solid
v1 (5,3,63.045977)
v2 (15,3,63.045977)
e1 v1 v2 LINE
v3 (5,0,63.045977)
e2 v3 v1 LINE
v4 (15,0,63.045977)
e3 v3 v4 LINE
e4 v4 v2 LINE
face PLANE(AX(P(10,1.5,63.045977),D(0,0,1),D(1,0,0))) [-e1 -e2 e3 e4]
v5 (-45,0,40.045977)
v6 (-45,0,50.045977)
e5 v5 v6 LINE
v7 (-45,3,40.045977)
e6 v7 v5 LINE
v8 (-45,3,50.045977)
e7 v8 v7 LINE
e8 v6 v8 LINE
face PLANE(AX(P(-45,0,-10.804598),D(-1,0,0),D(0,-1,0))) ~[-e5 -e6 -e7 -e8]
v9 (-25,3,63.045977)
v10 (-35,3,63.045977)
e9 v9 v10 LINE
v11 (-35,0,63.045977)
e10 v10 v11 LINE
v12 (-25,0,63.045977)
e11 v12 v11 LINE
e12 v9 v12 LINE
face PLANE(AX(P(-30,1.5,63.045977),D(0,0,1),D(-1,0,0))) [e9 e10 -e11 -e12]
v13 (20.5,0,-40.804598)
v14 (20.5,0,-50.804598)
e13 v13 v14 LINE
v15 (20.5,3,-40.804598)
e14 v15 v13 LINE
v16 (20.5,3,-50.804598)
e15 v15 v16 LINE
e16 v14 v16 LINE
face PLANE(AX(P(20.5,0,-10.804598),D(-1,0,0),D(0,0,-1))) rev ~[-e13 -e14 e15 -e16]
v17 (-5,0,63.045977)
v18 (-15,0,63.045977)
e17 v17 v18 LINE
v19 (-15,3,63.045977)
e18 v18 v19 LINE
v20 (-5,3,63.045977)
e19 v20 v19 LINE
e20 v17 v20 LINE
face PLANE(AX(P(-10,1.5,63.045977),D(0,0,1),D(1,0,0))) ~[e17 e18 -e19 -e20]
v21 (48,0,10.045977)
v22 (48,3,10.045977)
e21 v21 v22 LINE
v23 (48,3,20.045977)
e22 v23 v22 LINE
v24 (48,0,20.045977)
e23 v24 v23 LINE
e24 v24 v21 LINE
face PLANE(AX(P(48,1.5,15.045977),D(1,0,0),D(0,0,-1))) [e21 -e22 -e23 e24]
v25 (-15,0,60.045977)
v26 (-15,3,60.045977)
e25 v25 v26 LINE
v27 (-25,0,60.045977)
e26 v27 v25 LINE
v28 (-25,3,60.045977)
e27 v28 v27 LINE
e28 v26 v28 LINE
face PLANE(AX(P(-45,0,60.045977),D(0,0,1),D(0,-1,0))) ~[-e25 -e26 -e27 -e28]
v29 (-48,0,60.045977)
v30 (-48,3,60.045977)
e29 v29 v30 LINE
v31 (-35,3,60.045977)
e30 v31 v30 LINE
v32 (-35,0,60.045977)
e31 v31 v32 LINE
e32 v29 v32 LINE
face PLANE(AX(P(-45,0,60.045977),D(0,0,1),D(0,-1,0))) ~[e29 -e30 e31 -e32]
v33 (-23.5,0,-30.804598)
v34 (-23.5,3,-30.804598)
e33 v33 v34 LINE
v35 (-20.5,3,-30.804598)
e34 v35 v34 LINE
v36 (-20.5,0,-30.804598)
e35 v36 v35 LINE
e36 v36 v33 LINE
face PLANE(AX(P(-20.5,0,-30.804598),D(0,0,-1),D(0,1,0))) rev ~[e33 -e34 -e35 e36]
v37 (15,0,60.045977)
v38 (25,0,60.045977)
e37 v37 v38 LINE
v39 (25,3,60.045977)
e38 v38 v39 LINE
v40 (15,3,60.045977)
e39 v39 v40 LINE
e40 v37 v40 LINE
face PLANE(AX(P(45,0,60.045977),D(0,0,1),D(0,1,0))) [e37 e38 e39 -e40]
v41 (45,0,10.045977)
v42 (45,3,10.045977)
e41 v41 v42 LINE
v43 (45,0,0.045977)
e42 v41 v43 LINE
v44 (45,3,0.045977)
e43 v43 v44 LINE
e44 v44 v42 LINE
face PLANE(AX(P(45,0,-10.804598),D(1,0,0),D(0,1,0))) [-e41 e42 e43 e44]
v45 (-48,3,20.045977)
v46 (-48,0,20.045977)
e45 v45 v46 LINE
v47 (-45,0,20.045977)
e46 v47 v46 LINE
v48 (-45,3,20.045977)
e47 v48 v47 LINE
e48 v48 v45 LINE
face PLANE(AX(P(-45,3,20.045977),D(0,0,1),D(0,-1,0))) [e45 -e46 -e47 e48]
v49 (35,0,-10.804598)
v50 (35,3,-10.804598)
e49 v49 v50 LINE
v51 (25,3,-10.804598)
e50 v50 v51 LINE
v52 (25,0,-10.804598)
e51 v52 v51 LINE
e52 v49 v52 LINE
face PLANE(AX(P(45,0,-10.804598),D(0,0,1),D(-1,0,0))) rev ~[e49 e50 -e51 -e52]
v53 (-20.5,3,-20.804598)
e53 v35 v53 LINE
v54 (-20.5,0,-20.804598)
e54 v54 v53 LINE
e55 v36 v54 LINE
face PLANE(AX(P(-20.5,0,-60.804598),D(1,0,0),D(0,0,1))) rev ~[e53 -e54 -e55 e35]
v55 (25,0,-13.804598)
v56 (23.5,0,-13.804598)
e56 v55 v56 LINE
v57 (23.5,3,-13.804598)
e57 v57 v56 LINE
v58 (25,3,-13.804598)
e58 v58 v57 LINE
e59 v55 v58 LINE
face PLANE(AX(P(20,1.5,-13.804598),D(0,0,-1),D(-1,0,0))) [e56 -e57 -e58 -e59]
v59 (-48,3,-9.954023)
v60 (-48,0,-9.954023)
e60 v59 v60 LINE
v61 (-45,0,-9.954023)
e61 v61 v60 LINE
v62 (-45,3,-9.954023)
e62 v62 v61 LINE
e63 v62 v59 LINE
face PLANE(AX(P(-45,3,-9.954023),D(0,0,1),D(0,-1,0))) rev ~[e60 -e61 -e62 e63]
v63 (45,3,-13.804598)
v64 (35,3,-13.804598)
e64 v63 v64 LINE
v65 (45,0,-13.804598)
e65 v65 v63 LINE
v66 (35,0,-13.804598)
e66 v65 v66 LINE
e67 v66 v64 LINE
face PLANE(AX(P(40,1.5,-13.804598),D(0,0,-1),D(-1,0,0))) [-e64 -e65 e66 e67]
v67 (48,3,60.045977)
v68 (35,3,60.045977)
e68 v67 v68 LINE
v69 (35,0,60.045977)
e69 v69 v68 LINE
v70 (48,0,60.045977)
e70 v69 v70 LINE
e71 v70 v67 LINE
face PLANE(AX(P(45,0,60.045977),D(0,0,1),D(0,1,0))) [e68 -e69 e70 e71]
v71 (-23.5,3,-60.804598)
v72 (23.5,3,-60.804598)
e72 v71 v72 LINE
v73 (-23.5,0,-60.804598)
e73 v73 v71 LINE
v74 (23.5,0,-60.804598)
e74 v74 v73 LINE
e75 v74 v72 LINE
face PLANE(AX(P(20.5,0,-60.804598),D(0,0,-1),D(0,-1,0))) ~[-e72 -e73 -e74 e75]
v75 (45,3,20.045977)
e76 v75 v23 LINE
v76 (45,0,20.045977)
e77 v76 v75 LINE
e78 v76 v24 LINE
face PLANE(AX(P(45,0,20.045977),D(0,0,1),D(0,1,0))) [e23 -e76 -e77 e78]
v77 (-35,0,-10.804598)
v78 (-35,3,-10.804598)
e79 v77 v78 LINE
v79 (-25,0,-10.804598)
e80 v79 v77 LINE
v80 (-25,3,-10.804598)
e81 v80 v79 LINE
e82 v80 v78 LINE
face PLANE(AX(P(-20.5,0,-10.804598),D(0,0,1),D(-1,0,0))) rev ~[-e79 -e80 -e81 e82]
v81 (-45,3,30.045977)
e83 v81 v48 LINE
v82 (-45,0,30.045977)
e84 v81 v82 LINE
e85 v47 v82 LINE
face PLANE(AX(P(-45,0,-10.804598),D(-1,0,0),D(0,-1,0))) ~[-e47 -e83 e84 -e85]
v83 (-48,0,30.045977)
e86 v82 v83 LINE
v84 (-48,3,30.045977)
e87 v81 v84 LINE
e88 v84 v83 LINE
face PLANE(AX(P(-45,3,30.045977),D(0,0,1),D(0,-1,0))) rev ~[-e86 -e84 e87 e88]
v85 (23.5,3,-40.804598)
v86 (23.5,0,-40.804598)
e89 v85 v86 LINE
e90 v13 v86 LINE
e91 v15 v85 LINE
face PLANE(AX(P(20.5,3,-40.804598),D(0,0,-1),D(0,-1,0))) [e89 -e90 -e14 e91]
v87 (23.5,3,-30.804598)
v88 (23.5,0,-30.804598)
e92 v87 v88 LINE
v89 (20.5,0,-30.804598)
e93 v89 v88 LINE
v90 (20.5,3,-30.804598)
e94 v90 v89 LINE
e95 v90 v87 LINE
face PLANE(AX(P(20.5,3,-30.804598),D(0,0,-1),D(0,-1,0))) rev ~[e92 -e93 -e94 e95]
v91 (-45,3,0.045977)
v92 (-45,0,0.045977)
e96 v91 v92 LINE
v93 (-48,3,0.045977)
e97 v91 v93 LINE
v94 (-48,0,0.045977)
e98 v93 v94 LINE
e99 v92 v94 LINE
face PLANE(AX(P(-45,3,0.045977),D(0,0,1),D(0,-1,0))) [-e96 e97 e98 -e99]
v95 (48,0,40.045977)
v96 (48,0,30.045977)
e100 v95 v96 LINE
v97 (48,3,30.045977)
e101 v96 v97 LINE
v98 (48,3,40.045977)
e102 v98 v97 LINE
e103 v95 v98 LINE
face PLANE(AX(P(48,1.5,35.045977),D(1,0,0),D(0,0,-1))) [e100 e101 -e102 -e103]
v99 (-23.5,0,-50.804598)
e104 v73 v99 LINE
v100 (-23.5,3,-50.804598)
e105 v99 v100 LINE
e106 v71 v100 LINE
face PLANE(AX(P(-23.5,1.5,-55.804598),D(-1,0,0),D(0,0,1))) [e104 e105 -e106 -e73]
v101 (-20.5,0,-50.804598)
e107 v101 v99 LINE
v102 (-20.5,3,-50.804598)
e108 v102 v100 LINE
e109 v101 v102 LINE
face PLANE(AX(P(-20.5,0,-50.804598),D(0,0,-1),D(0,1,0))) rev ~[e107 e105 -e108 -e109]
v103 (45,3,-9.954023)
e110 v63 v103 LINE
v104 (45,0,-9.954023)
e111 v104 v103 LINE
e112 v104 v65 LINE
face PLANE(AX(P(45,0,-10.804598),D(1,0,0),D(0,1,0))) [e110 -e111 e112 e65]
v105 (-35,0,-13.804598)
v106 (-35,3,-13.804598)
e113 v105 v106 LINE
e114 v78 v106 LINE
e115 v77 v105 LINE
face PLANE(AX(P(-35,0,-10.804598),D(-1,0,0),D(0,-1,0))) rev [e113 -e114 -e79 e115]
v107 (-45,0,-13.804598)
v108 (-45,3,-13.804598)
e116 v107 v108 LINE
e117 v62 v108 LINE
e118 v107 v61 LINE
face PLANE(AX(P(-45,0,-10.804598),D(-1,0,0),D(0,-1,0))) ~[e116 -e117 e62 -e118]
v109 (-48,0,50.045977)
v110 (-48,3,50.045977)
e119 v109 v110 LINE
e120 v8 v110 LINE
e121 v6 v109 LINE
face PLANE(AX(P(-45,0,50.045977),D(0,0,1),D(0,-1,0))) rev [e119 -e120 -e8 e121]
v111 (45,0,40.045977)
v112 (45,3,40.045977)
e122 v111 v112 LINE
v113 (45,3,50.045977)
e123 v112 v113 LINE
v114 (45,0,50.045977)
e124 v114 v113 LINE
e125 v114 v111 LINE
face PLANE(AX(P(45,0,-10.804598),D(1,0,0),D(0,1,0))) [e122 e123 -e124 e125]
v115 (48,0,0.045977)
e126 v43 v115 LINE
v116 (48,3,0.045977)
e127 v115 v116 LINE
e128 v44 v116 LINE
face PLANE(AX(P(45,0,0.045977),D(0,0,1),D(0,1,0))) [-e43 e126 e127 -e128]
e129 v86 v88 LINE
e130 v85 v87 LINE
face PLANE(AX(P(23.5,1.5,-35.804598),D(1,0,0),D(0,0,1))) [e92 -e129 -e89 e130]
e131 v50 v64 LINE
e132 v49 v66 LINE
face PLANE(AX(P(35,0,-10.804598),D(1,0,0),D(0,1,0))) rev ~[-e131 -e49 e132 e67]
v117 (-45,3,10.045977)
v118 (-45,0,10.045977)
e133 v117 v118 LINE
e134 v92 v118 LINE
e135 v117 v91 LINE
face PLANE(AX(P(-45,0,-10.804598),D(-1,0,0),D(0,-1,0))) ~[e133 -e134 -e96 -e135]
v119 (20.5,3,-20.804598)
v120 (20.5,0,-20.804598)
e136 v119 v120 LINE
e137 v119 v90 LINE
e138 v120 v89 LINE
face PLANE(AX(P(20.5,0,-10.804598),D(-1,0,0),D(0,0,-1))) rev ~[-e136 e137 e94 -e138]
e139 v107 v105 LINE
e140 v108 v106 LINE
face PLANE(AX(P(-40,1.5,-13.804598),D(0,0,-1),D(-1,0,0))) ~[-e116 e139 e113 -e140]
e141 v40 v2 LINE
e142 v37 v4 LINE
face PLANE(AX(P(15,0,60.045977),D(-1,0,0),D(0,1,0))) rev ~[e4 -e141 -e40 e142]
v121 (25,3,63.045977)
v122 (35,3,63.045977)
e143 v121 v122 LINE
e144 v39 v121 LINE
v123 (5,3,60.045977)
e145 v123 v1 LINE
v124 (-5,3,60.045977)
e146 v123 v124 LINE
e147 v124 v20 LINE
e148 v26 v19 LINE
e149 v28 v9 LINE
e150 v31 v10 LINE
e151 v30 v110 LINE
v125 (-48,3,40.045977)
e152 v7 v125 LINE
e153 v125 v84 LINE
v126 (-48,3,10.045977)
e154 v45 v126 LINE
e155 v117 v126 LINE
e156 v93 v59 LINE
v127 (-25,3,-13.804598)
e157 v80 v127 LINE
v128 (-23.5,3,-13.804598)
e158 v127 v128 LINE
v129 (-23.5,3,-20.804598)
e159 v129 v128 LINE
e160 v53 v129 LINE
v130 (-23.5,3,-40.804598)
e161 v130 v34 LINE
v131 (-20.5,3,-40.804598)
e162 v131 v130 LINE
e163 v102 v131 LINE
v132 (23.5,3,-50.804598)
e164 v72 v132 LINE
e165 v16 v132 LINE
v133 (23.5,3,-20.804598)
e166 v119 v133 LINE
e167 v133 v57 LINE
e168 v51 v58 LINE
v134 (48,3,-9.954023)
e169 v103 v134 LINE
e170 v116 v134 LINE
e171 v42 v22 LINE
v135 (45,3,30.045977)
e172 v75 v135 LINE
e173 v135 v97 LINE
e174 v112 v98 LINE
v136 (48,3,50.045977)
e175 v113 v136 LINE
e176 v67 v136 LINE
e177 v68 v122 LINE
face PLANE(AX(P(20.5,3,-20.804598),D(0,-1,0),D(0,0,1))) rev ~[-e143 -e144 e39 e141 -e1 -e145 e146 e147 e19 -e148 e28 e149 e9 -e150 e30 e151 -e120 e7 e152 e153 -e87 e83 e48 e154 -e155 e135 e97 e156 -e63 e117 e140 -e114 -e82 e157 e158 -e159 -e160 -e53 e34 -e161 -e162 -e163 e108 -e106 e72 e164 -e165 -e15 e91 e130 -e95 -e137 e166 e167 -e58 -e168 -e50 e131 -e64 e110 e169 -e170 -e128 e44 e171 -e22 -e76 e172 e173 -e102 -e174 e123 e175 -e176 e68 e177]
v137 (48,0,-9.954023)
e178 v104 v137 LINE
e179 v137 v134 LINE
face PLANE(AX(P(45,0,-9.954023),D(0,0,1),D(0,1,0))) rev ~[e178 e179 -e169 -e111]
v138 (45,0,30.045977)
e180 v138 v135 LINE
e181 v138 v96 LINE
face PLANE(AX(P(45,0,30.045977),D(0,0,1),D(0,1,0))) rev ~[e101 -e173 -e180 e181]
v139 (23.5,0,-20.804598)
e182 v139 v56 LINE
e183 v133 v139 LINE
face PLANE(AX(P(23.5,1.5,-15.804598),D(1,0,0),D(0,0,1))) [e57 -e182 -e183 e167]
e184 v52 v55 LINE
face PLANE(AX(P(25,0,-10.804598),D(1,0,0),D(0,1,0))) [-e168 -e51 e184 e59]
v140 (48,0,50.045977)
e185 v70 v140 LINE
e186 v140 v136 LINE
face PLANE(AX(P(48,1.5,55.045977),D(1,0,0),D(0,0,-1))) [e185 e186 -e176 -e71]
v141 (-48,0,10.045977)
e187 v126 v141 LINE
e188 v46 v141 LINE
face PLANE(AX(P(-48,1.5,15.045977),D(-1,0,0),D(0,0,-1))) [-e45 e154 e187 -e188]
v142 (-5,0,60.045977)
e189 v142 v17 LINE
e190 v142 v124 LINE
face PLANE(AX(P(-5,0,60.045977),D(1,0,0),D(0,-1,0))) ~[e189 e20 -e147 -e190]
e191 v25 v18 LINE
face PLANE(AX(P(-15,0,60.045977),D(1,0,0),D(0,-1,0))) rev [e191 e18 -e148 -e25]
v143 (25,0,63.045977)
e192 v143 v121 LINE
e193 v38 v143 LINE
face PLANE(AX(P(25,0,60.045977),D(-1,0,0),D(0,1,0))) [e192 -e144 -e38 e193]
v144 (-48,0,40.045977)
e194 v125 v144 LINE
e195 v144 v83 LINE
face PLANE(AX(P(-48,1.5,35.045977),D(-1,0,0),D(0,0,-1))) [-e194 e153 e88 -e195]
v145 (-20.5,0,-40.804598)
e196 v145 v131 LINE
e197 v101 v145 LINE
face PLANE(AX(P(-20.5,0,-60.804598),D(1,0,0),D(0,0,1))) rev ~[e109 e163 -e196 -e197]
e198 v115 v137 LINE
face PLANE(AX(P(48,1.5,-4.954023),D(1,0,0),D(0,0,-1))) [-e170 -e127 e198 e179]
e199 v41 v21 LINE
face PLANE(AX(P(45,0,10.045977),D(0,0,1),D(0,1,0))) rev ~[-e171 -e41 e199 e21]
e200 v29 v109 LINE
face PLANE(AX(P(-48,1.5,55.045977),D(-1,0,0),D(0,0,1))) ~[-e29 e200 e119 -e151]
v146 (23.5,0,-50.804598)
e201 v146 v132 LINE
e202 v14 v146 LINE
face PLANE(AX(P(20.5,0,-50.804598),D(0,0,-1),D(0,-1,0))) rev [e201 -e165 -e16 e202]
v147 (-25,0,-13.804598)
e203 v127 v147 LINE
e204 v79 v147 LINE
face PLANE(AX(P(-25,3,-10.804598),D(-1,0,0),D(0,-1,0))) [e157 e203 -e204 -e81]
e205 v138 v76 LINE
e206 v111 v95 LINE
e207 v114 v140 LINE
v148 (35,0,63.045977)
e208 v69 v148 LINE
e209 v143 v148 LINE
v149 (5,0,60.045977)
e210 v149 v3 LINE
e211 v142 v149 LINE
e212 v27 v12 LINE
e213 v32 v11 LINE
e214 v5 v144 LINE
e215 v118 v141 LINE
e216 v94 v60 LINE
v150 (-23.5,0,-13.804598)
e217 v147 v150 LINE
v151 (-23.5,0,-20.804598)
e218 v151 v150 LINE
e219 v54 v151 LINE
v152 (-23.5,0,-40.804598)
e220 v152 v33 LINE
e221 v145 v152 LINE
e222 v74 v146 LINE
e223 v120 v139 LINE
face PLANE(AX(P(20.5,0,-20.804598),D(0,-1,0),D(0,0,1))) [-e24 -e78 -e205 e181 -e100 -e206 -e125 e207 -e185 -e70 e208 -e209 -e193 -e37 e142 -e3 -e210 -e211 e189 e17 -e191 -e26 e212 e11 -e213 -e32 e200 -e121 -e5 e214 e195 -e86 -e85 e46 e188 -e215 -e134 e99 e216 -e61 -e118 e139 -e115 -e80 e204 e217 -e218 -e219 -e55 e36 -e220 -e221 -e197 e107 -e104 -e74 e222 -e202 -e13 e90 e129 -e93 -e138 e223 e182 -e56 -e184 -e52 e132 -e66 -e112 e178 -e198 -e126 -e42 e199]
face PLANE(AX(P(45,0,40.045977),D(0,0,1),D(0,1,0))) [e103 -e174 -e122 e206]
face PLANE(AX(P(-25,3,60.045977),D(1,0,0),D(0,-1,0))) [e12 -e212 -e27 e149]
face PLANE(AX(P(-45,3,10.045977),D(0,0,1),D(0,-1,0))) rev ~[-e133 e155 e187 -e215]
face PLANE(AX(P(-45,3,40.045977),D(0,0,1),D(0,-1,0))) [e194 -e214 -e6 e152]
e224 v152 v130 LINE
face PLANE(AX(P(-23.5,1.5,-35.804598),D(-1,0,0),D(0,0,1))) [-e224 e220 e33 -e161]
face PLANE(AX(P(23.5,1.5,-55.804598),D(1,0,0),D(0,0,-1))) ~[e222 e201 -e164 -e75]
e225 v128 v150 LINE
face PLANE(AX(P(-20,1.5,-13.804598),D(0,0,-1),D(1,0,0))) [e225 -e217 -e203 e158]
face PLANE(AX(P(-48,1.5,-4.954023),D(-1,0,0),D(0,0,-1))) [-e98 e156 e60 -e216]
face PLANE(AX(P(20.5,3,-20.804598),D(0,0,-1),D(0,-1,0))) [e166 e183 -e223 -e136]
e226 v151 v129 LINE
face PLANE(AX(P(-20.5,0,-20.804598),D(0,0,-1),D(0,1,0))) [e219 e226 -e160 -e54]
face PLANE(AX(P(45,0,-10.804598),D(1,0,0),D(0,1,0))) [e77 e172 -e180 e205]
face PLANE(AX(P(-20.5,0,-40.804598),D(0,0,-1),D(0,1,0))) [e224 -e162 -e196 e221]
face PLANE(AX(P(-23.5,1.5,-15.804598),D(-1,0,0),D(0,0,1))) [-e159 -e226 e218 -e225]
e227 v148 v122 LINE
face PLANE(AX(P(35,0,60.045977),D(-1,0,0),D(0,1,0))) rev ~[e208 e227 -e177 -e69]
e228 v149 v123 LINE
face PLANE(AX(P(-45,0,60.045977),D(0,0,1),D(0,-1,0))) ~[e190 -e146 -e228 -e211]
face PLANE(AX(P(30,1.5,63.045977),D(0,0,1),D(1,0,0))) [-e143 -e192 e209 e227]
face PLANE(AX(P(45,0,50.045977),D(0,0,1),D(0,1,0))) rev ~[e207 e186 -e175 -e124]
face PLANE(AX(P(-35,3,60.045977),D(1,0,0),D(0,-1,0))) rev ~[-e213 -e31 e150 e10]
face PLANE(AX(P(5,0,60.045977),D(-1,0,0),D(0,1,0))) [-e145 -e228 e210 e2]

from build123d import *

# Parameters (mm, degrees)
BOSS_EXTRUDE1_DEPTH     = 3
SKETCH3_W               = 10
SKETCH3_H               = 3
BOSS_EXTRUDE2_DEPTH     = 3
LPATTERN1_COUNT         = 3
LPATTERN1_PITCH         = 20
SKETCH4_W               = 10
SKETCH4_H               = 3
BOSS_EXTRUDE3_DEPTH     = 3
LPATTERN2_COUNT         = 2
LPATTERN2_PITCH         = 20
SKETCH5_W               = 10
SKETCH5_H               = 3
BOSS_EXTRUDE4_DEPTH     = 3
LPATTERN3_COUNT         = 4
LPATTERN3_PITCH         = 20
SKETCH6_W               = 10
SKETCH6_H               = 3
BOSS_EXTRUDE5_DEPTH     = 3
LPATTERN4_COUNT         = 2
LPATTERN4_PITCH         = 20
MIRROR3_COPY_1_SKETCH_W = 10
MIRROR3_COPY_1_SKETCH_H = 3
MIRROR3_COPY_1_DEPTH    = 3
MIRROR3_COPY_2_SKETCH_W = 10
MIRROR3_COPY_2_SKETCH_H = 3
MIRROR3_COPY_2_DEPTH    = 3
MIRROR3_COPY_3_SKETCH_W = 10
MIRROR3_COPY_3_SKETCH_H = 3
MIRROR3_COPY_3_DEPTH    = 3
MIRROR3_COPY_4_SKETCH_W = 10
MIRROR3_COPY_4_SKETCH_H = 3
MIRROR3_COPY_4_DEPTH    = 3
MIRROR3_COPY_5_SKETCH_W = 10
MIRROR3_COPY_5_SKETCH_H = 3
MIRROR3_COPY_5_DEPTH    = 3
MIRROR3_COPY_6_SKETCH_W = 10
MIRROR3_COPY_6_SKETCH_H = 3
MIRROR3_COPY_6_DEPTH    = 3
MIRROR3_COPY_7_SKETCH_W = 10
MIRROR3_COPY_7_SKETCH_H = 3
MIRROR3_COPY_7_DEPTH    = 3


with BuildPart() as part:
    # Sketch1 → Boss-Extrude1 (new body)
    with BuildSketch(Plane(origin=(0, 0, 0), x_dir=(1, 0, 0), z_dir=(0, 1, 0))):
        Polygon((20.5, 60.804597701), (-20.5, 60.804597701), (-20.5, 10.804597701), (-45, 10.804597701), (-45, -60.045977011), (45, -60.045977011), (45, 10.804597701), (20.5, 10.804597701), align=None)
    extrude(amount=BOSS_EXTRUDE1_DEPTH)

    # Sketch3 → Boss-Extrude2 (add)
    with BuildSketch(Plane.ZY.offset(20.5)):
        with Locations((-55.804597701, 1.5)):
            Rectangle(SKETCH3_W, SKETCH3_H)
    boss_extrude2 = extrude(amount=BOSS_EXTRUDE2_DEPTH)

    # LPattern1: Boss-Extrude2 ×3
    with Locations(*[(0, 0, i * LPATTERN1_PITCH) for i in range(1, LPATTERN1_COUNT)]):
        add(boss_extrude2)

    # Sketch4 → Boss-Extrude3 (add)
    with BuildSketch(Plane(origin=(0, 0, -10.804597701), x_dir=(-1, 0, 0), z_dir=(0, 0, -1))):
        with Locations((-40, 1.5)):
            Rectangle(SKETCH4_W, SKETCH4_H)
    boss_extrude3 = extrude(amount=BOSS_EXTRUDE3_DEPTH)

    # LPattern2: Boss-Extrude3 ×2
    with Locations(*[(-i * LPATTERN2_PITCH, 0, 0) for i in range(1, LPATTERN2_COUNT)]):
        add(boss_extrude3)

    # Sketch5 → Boss-Extrude4 (add)
    with BuildSketch(Plane(origin=(45, 0, 0), x_dir=(0, 0, -1), z_dir=(1, 0, 0))):
        with Locations((-55.045977011, 1.5)):
            Rectangle(SKETCH5_W, SKETCH5_H)
    boss_extrude4 = extrude(amount=BOSS_EXTRUDE4_DEPTH)

    # LPattern3: Boss-Extrude4 ×4
    with Locations(*[(0, 0, -i * LPATTERN3_PITCH) for i in range(1, LPATTERN3_COUNT)]):
        add(boss_extrude4)

    # Sketch6 → Boss-Extrude5 (add)
    with BuildSketch(Plane.XY.offset(60.045977011)):
        with Locations((10, 1.5)):
            Rectangle(SKETCH6_W, SKETCH6_H)
    boss_extrude5 = extrude(amount=BOSS_EXTRUDE5_DEPTH)

    # LPattern4: Boss-Extrude5 ×2
    with Locations(*[(i * LPATTERN4_PITCH, 0, 0) for i in range(1, LPATTERN4_COUNT)]):
        add(boss_extrude5)

    # Mirror3: Boss-Extrude2, Boss-Extrude3, Boss-Extrude4, Boss-Extrude5 across plane
    add(boss_extrude2.mirror(Plane.ZY))
    add(boss_extrude3.mirror(Plane.ZY))
    add(boss_extrude4.mirror(Plane.ZY))
    add(boss_extrude5.mirror(Plane.ZY))

    # Mirror3 copy 1 sketch → Mirror3 copy 1 (add)
    with BuildSketch(Plane(origin=(20, 0, -10.804597701), x_dir=(1, 0, 0), z_dir=(0, 0, -1))):
        with Locations((-40, -1.5)):
            Rectangle(MIRROR3_COPY_1_SKETCH_W, MIRROR3_COPY_1_SKETCH_H)
    extrude(amount=MIRROR3_COPY_1_DEPTH)

    # Mirror3 copy 2 sketch → Mirror3 copy 2 (add)
    with BuildSketch(Plane(origin=(-20, 0, 60.045977011), x_dir=(-1, 0, 0), z_dir=(0, 0, 1))):
        with Locations((10, -1.5)):
            Rectangle(MIRROR3_COPY_2_SKETCH_W, MIRROR3_COPY_2_SKETCH_H)
    extrude(amount=MIRROR3_COPY_2_DEPTH)

    # Mirror3 copy 3 sketch → Mirror3 copy 3 (add)
    with BuildSketch(Plane(origin=(-45, 0, -20), x_dir=(0, 0, -1), z_dir=(-1, 0, 0))):
        with Locations((-55.045977011, -1.5)):
            Rectangle(MIRROR3_COPY_3_SKETCH_W, MIRROR3_COPY_3_SKETCH_H)
    extrude(amount=MIRROR3_COPY_3_DEPTH)

    # Mirror3 copy 4 sketch → Mirror3 copy 4 (add)
    with BuildSketch(Plane(origin=(-45, 0, -40), x_dir=(0, 0, -1), z_dir=(-1, 0, 0))):
        with Locations((-55.045977011, -1.5)):
            Rectangle(MIRROR3_COPY_4_SKETCH_W, MIRROR3_COPY_4_SKETCH_H)
    extrude(amount=MIRROR3_COPY_4_DEPTH)

    # Mirror3 copy 5 sketch → Mirror3 copy 5 (add)
    with BuildSketch(Plane(origin=(-45, 0, -60), x_dir=(0, 0, -1), z_dir=(-1, 0, 0))):
        with Locations((-55.045977011, -1.5)):
            Rectangle(MIRROR3_COPY_5_SKETCH_W, MIRROR3_COPY_5_SKETCH_H)
    extrude(amount=MIRROR3_COPY_5_DEPTH)

    # Mirror3 copy 6 sketch → Mirror3 copy 6 (add)
    with BuildSketch(Plane(origin=(20.5, 0, 20), x_dir=(0, 0, 1), z_dir=(1, 0, 0))):
        with Locations((-55.804597701, -1.5)):
            Rectangle(MIRROR3_COPY_6_SKETCH_W, MIRROR3_COPY_6_SKETCH_H)
    extrude(amount=MIRROR3_COPY_6_DEPTH)

    # Mirror3 copy 7 sketch → Mirror3 copy 7 (add)
    with BuildSketch(Plane(origin=(20.5, 0, 40), x_dir=(0, 0, 1), z_dir=(1, 0, 0))):
        with Locations((-55.804597701, -1.5)):
            Rectangle(MIRROR3_COPY_7_SKETCH_W, MIRROR3_COPY_7_SKETCH_H)
    extrude(amount=MIRROR3_COPY_7_DEPTH)


solid = part.part
